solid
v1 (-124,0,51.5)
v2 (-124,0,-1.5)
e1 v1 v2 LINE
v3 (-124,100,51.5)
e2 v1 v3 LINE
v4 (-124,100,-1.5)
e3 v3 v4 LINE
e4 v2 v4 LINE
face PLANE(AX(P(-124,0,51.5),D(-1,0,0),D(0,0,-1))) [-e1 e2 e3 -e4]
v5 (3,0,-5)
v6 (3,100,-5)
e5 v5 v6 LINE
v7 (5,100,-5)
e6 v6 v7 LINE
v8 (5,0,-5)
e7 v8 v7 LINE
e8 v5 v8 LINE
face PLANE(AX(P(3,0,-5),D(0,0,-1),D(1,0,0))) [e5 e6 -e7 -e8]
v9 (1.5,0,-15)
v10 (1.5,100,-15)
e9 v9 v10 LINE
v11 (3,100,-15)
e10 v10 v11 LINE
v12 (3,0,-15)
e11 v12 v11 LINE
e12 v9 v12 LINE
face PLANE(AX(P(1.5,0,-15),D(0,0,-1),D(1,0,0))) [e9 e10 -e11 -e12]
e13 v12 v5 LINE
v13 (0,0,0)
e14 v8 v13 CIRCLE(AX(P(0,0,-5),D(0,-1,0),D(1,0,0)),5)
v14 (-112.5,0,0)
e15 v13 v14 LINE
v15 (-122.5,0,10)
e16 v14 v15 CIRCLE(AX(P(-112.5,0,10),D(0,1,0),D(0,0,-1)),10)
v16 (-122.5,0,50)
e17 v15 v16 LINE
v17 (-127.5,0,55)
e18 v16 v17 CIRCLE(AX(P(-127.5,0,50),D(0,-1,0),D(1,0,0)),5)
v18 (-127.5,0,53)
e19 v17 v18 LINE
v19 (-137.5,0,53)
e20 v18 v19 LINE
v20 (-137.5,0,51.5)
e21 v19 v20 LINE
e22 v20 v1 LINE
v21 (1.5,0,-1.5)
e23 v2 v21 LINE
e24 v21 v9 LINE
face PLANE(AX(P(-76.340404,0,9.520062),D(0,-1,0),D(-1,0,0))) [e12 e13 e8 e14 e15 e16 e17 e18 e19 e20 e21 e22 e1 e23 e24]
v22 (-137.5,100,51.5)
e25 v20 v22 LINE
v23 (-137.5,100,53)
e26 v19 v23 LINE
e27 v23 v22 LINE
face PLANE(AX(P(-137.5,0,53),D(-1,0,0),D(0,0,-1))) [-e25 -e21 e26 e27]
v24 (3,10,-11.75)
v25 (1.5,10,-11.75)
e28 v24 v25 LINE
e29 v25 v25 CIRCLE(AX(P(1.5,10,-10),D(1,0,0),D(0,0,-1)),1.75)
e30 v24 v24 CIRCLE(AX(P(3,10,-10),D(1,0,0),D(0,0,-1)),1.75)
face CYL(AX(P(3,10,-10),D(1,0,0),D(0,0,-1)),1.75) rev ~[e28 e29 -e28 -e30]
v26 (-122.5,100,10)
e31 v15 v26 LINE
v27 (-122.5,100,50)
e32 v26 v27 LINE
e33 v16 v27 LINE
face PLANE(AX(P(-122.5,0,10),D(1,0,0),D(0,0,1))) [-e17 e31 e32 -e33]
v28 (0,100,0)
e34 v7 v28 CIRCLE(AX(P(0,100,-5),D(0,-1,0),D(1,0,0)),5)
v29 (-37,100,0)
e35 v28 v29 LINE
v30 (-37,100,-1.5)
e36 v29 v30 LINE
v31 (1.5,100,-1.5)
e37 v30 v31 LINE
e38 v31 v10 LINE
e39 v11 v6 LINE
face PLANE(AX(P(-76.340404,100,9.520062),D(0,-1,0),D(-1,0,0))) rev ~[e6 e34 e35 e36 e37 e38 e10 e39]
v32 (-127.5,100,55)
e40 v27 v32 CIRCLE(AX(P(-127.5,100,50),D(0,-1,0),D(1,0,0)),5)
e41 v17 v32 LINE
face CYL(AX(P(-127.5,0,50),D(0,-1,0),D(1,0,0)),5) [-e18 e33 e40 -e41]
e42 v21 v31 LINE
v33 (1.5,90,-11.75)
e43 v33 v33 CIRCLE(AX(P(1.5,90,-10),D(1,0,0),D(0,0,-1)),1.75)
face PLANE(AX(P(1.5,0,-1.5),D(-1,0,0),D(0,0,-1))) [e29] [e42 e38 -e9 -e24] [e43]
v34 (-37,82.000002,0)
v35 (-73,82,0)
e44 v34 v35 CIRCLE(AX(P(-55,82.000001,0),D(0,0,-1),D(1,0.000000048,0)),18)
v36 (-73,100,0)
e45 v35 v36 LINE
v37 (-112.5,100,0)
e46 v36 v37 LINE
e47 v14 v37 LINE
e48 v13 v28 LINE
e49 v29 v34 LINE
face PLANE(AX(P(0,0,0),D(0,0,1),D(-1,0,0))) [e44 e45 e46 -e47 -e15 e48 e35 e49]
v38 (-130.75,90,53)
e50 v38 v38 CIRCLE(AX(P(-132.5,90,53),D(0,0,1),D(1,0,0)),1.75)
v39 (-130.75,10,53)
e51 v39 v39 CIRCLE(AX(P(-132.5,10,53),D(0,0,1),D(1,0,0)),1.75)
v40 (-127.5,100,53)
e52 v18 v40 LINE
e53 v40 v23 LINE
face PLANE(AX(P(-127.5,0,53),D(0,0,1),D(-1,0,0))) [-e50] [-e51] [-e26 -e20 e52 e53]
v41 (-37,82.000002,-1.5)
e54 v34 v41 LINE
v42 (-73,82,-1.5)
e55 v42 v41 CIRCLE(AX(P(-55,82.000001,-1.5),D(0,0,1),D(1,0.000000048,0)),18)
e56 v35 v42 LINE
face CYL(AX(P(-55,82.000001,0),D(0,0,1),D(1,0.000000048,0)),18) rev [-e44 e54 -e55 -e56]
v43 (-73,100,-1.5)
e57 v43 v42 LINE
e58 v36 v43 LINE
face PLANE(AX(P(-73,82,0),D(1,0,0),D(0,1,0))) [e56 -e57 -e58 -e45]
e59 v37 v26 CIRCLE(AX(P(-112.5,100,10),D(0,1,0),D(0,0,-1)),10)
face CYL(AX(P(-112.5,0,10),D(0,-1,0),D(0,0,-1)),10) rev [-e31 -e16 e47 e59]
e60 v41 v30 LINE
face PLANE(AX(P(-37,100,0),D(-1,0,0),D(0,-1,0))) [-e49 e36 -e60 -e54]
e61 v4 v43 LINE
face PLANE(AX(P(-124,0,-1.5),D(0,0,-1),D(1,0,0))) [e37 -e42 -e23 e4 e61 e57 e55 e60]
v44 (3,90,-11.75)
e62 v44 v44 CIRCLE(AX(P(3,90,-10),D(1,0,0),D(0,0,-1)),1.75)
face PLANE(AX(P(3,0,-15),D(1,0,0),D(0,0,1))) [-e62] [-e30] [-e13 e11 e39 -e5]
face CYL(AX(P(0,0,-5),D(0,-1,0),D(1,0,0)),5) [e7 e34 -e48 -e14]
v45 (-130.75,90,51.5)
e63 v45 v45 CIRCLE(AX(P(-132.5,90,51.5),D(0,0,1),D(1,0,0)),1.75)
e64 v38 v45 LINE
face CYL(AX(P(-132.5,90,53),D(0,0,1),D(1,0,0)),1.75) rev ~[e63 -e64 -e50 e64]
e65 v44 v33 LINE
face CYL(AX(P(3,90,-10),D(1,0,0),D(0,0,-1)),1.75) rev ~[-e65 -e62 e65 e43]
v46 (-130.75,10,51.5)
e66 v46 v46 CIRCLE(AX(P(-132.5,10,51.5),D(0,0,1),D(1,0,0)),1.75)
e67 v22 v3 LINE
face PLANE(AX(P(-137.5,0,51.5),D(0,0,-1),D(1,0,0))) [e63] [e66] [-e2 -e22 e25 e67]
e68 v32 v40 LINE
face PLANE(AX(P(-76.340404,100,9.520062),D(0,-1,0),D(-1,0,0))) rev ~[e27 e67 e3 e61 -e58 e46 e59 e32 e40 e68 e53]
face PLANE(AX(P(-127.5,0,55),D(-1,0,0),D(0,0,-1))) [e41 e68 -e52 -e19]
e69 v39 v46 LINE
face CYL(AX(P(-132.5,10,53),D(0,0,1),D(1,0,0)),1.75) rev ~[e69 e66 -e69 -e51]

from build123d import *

# Parameters (mm, degrees)
EXTRUDE_1_DEPTH     = 100
CUT_EXTRUDE_1_DEPTH = 10
SKETCH_3_R          = 1.75
CUT_EXTRUDE_2_DEPTH = 10
SKETCH_4_R          = 1.75
CUT_EXTRUDE_3_DEPTH = 10


with BuildPart() as part:
    # Эскиз1 → Бобышка-Вытянуть1 (new body)
    with BuildSketch(Plane(origin=(0, 0, 0), x_dir=(1, 0, 0), z_dir=(0, 1, 0))):
        with BuildLine():
            Line((0, 0), (-112.5, 0))
            ThreePointArc((-112.5, 0), (-119.571067812, -2.928932188), (-122.5, -10))
            Line((-122.5, -10), (-122.5, -50))
            ThreePointArc((-122.5, -50), (-123.964466094, -53.535533906), (-127.5, -55))
            Line((-127.5, -55), (-127.5, -53))
            Line((-127.5, -53), (-137.5, -53))
            Line((-137.5, -53), (-137.5, -51.5))
            Line((-137.5, -51.5), (-124, -51.5))
            Line((-124, -51.5), (-124, 1.5))
            Line((-124, 1.5), (1.5, 1.5))
            Line((1.5, 1.5), (1.5, 15))
            Line((1.5, 15), (3, 15))
            Line((3, 15), (3, 5))
            Line((3, 5), (5, 5))
            ThreePointArc((5, 5), (3.535533906, 1.464466094), (0, 0))
        make_face()
    extrude(amount=EXTRUDE_1_DEPTH)

    # Эскиз2 → Вырез-Вытянуть1 (cut)
    with BuildSketch(Plane.XY):
        with BuildLine():
            Line((-73, 100), (-37, 100))
            Line((-37, 100), (-37, 82.000001723))
            ThreePointArc((-37, 82.000001723), (-54.999999139, 64.000000861), (-73, 82))
            Line((-73, 82), (-73, 100))
        make_face()
    extrude(amount=-CUT_EXTRUDE_1_DEPTH, mode=Mode.SUBTRACT)

    # Эскиз3 → Вырез-Вытянуть2 (cut)
    with BuildSketch(Plane(origin=(3, 0, 0), x_dir=(0, 0, -1), z_dir=(1, 0, 0))):
        with Locations((10, 90)):
            Circle(SKETCH_3_R)
        with Locations((10, 10)):
            Circle(SKETCH_3_R)
    extrude(amount=-CUT_EXTRUDE_2_DEPTH, mode=Mode.SUBTRACT)

    # Эскиз4 → Вырез-Вытянуть3 (cut)
    with BuildSketch(Plane.XY.offset(53)):
        with Locations((-132.5, 90)):
            Circle(SKETCH_4_R)
        with Locations((-132.5, 10)):
            Circle(SKETCH_4_R)
    extrude(amount=-CUT_EXTRUDE_3_DEPTH, mode=Mode.SUBTRACT)


solid = part.part
